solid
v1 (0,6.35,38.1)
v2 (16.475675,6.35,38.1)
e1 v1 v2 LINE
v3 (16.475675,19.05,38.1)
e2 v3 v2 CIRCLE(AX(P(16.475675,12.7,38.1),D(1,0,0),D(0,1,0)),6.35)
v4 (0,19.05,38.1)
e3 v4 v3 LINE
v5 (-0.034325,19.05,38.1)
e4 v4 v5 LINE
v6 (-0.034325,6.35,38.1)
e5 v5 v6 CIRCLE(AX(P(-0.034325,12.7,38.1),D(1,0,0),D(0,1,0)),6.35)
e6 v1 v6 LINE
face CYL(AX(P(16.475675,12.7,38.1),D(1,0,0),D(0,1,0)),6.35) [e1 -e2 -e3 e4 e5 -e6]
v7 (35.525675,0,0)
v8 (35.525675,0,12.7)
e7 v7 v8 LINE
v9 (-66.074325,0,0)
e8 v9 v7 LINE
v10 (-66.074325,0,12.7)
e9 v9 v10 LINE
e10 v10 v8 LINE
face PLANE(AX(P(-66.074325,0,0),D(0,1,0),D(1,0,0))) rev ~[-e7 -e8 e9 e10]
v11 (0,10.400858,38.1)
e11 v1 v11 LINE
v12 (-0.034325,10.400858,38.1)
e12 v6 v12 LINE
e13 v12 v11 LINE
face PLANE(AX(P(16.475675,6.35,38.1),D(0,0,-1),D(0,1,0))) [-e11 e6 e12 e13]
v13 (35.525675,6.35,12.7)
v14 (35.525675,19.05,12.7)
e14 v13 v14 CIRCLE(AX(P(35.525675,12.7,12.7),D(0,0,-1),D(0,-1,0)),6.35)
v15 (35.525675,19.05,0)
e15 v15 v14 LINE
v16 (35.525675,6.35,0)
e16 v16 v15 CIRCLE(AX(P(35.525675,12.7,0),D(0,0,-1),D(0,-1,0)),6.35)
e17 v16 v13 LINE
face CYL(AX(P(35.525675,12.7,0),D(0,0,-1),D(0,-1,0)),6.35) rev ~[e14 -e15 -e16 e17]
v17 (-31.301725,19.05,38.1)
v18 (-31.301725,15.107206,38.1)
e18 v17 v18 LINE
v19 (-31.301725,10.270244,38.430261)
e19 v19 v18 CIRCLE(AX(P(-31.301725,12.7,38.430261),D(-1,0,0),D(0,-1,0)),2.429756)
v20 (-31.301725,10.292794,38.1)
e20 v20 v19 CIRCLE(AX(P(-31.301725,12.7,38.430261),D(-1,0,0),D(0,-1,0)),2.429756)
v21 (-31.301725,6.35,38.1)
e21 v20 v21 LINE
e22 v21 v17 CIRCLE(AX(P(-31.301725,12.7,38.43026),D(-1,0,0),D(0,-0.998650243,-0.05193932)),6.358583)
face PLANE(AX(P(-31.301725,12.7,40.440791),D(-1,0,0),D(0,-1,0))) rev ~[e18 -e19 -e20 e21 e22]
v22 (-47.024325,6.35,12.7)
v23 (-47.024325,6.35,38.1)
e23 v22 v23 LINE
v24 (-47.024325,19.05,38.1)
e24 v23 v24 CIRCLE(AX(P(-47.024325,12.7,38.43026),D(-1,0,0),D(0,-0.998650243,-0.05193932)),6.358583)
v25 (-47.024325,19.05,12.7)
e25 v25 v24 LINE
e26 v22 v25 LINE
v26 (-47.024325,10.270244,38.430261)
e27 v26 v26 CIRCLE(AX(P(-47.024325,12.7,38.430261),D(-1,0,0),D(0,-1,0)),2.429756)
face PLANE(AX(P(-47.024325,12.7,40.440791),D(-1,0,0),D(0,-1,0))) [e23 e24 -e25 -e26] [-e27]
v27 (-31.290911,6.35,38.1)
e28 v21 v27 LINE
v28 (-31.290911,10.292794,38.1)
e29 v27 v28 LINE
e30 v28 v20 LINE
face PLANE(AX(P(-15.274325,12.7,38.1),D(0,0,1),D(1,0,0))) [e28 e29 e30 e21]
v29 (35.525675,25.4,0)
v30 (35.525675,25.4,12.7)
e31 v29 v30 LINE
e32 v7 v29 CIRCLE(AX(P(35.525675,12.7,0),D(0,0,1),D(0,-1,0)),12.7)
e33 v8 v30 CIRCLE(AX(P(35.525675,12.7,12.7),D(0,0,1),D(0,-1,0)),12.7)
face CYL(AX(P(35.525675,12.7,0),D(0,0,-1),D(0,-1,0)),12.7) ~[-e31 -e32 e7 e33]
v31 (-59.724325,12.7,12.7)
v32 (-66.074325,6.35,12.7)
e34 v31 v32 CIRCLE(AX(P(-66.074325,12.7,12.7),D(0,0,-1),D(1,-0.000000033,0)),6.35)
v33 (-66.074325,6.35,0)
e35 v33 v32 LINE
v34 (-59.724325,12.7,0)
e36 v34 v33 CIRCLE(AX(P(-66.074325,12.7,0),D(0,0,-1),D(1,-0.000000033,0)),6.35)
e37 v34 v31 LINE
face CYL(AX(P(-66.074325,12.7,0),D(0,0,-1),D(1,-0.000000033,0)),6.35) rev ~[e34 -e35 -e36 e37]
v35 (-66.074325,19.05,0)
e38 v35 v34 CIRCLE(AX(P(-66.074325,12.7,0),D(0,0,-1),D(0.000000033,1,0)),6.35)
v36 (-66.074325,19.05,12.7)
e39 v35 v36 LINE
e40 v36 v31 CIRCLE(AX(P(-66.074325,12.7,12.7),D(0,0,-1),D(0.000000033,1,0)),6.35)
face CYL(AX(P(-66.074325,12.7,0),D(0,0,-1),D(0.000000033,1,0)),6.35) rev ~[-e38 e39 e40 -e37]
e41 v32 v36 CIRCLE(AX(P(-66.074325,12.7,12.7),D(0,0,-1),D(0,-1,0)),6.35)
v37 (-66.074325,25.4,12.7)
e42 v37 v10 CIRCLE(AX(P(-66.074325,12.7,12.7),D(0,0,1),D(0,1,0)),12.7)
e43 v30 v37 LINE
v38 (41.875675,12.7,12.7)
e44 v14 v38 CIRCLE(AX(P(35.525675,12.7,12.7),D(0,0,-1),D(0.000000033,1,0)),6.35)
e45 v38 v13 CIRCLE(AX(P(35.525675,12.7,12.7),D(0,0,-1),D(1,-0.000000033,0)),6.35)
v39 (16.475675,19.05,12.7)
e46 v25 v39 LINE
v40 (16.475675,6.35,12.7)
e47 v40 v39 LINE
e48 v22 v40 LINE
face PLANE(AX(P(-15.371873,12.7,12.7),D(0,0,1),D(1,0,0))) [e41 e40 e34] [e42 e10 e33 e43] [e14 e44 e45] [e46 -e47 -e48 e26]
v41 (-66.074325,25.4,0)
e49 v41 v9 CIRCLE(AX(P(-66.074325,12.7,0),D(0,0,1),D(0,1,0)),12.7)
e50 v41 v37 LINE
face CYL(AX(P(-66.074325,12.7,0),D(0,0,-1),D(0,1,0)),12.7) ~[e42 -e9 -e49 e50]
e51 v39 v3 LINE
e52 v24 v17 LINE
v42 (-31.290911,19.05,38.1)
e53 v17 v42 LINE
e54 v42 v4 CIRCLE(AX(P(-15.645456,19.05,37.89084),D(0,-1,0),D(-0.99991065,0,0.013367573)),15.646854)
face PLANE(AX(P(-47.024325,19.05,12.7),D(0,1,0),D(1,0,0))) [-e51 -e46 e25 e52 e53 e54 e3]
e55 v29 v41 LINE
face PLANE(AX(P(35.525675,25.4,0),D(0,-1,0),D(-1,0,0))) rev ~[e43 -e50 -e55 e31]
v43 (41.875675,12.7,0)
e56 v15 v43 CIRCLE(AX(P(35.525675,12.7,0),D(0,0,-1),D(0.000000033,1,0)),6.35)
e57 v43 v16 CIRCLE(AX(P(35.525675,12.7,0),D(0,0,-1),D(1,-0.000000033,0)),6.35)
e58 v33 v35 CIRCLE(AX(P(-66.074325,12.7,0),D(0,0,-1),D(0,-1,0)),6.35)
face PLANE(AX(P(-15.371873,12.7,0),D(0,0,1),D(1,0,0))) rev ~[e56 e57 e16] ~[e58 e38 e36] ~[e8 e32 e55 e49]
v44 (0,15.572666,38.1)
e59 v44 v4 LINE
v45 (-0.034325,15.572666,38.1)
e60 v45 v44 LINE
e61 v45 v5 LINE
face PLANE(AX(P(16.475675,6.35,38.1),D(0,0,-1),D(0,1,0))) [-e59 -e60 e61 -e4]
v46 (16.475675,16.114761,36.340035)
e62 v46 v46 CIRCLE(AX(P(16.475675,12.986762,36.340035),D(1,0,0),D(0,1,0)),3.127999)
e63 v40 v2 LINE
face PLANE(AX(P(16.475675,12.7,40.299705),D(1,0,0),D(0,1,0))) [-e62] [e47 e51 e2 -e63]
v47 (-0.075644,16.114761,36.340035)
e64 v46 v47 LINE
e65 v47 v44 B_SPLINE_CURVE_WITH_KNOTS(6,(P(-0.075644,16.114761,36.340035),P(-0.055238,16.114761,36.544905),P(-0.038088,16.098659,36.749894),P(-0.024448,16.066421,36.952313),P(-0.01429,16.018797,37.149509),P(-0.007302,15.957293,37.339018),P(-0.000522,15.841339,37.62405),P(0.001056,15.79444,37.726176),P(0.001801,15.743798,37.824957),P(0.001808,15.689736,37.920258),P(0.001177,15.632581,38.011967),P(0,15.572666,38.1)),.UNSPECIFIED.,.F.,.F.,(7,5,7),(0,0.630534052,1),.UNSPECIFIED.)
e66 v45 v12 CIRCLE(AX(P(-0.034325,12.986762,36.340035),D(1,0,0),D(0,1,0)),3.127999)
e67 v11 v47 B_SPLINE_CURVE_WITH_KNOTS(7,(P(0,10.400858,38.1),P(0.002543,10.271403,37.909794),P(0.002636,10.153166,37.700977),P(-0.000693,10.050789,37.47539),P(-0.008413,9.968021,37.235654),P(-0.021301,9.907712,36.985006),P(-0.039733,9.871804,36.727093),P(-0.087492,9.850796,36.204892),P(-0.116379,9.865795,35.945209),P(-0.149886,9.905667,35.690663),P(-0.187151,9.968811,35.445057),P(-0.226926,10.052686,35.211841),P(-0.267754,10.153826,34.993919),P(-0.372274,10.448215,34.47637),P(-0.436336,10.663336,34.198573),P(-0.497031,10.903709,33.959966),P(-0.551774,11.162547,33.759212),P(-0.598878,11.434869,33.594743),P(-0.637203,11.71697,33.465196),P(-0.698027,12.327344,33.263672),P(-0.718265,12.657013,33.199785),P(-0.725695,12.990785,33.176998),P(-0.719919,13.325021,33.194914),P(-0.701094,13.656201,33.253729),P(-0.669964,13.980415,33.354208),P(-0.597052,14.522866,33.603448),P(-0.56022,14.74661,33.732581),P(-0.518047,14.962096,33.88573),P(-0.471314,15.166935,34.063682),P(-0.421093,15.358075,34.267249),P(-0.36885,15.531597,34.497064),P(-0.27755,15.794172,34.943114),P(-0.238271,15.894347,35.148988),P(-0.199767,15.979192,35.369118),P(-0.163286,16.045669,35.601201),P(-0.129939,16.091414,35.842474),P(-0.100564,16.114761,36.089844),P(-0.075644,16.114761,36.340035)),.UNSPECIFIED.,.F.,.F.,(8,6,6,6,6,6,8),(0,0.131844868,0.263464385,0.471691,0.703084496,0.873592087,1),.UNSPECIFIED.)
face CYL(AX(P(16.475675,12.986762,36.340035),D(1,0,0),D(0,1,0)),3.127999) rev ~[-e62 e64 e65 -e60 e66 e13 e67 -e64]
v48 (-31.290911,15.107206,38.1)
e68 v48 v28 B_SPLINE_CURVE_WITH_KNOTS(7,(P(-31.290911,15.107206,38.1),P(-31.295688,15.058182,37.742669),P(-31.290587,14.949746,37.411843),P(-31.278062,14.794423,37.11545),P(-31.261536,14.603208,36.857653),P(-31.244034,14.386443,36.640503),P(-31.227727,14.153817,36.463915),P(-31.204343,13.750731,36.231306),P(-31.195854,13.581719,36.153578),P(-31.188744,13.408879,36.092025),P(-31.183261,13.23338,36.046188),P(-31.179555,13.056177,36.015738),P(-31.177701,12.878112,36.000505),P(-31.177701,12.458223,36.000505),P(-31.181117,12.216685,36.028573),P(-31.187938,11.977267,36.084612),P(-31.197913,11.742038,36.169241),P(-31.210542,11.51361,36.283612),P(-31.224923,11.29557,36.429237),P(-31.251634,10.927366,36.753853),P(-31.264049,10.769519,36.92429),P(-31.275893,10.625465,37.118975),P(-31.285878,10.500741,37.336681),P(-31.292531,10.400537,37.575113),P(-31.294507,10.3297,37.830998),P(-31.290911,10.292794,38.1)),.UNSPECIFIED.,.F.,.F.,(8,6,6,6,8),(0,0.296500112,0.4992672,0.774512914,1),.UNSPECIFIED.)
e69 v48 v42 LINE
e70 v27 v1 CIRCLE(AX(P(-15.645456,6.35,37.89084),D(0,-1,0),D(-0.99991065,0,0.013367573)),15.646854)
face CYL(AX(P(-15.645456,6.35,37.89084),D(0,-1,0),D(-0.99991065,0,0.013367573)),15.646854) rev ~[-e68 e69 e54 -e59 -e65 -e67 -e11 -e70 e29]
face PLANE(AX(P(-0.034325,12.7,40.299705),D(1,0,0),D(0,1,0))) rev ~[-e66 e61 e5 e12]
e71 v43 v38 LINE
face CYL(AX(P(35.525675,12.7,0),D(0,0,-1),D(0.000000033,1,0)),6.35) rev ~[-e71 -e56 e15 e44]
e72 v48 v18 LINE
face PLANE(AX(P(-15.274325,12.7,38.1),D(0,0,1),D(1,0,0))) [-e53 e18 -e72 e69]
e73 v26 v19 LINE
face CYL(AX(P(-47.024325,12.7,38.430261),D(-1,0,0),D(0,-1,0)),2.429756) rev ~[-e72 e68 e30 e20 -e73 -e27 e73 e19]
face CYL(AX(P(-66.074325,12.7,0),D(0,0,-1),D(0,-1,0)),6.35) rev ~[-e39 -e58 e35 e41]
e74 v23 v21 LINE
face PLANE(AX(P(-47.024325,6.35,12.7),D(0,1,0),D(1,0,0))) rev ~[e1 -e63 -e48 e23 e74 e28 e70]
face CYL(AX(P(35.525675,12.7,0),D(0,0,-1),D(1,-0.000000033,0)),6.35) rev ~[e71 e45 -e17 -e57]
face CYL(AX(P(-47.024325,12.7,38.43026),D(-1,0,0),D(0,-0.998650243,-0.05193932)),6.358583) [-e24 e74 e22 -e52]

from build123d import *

# Parameters (mm, degrees)
F1_DEPTH  = 12.7
F2_W      = 63.5
F2_H      = 12.7
F3_DEPTH  = 25.4
F5_DEPTH  = 25.4
F8_DEPTH  = 15.7226
F9_DEPTH  = 16.51
F11_R     = 3.127999
F12_DEPTH = 25.4
F10_R     = 2.429756
F13_DEPTH = 25.4


with BuildPart() as f1:
    # F0 (on Top) → F1 (new body)
    with BuildSketch(Plane.XY):
        with BuildLine():
            Line((35.525675, 25.4), (-66.074325, 25.4))
            Line((-66.074325, 25.4), (-66.074325, 19.05))
            ThreePointArc((-66.074325, 19.05), (-61.584197, 17.190128), (-59.724325, 12.7))
            ThreePointArc((-59.724325, 12.7), (-61.584197, 8.209872), (-66.074325, 6.35))
            Line((-66.074325, 6.35), (-66.074325, 0))
            Line((-66.074325, 0), (35.525675, 0))
            Line((35.525675, 0), (35.525675, 6.35))
            ThreePointArc((35.525675, 6.35), (29.175675, 12.7), (35.525675, 19.05))
            Line((35.525675, 19.05), (35.525675, 25.4))
        make_face()
        Polygon((-47.024325, 6.35), (-47.024325, 12.7), (-47.024325, 19.05), (16.475675, 19.05), (16.475675, 6.35), align=None, mode=Mode.SUBTRACT)
        with BuildLine():
            Line((-66.074325, 19.05), (-66.074325, 25.4))
            ThreePointArc((-66.074325, 25.4), (-78.774325, 12.7), (-66.074325, 0))
            Line((-66.074325, 0), (-66.074325, 6.35))
            ThreePointArc((-66.074325, 6.35), (-72.424325, 12.7), (-66.074325, 19.05))
        make_face()
        with BuildLine():
            ThreePointArc((35.525675, 0), (48.225675, 12.7), (35.525675, 25.4))
            Line((35.525675, 25.4), (35.525675, 19.05))
            ThreePointArc((35.525675, 19.05), (40.015803, 17.190128), (41.875675, 12.7))
            ThreePointArc((41.875675, 12.7), (40.015803, 8.209872), (35.525675, 6.35))
            Line((35.525675, 6.35), (35.525675, 0))
        make_face()
        Polygon((-47.024325, 19.05), (-47.024325, 12.7), (-47.024325, 6.35), (16.475675, 6.35), (16.475675, 19.05), align=None)
    extrude(amount=F1_DEPTH)

    # F2 (on face) → F3 (join)
    with BuildSketch(Plane.XY.offset(12.7)):
        with Locations((-15.274325, 12.7)):
            Rectangle(F2_W, F2_H)
    extrude(amount=F3_DEPTH)

    # F4 (on face) → F5 (cut)
    with BuildSketch(Plane.XZ.offset(-6.35)):
        with BuildLine():
            Line((0, 38.1), (-31.290911, 38.1))
            ThreePointArc((-31.290911, 38.1), (-15.645456, 22.243986), (0, 38.1))
        make_face()
    extrude(amount=-F5_DEPTH, mode=Mode.SUBTRACT)

    # F7 (on face) → F8 (join)
    with BuildSketch(Plane(origin=(-47.024325, 0, 0), x_dir=(0, -1, 0), z_dir=(-1, 0, 0))):
        with BuildLine():
            Line((-19.05, 38.1), (-6.35, 38.1))
            ThreePointArc((-6.35, 38.1), (-12.7, 44.788843), (-19.05, 38.1))
        make_face()
    extrude(amount=-F8_DEPTH)

    # F6 (on face) → F9 (join)
    with BuildSketch(Plane.YZ.offset(16.475675)):
        with BuildLine():
            Line((6.35, 38.1), (19.05, 38.1))
            ThreePointArc((19.05, 38.1), (12.7, 44.45), (6.35, 38.1))
        make_face()
    extrude(amount=-F9_DEPTH)

    # F11 (on face) → F12 (cut)
    with BuildSketch(Plane.YZ.offset(16.475675)):
        with Locations((12.986762, 36.340035)):
            Circle(F11_R)
    extrude(amount=-F12_DEPTH, mode=Mode.SUBTRACT)

    # F10 (on face) → F13 (cut)
    with BuildSketch(Plane(origin=(-47.024325, 0, 0), x_dir=(0, -1, 0), z_dir=(-1, 0, 0))):
        with Locations((-12.7, 38.430261)):
            Circle(F10_R)
    extrude(amount=-F13_DEPTH, mode=Mode.SUBTRACT)


solid = f1.part
